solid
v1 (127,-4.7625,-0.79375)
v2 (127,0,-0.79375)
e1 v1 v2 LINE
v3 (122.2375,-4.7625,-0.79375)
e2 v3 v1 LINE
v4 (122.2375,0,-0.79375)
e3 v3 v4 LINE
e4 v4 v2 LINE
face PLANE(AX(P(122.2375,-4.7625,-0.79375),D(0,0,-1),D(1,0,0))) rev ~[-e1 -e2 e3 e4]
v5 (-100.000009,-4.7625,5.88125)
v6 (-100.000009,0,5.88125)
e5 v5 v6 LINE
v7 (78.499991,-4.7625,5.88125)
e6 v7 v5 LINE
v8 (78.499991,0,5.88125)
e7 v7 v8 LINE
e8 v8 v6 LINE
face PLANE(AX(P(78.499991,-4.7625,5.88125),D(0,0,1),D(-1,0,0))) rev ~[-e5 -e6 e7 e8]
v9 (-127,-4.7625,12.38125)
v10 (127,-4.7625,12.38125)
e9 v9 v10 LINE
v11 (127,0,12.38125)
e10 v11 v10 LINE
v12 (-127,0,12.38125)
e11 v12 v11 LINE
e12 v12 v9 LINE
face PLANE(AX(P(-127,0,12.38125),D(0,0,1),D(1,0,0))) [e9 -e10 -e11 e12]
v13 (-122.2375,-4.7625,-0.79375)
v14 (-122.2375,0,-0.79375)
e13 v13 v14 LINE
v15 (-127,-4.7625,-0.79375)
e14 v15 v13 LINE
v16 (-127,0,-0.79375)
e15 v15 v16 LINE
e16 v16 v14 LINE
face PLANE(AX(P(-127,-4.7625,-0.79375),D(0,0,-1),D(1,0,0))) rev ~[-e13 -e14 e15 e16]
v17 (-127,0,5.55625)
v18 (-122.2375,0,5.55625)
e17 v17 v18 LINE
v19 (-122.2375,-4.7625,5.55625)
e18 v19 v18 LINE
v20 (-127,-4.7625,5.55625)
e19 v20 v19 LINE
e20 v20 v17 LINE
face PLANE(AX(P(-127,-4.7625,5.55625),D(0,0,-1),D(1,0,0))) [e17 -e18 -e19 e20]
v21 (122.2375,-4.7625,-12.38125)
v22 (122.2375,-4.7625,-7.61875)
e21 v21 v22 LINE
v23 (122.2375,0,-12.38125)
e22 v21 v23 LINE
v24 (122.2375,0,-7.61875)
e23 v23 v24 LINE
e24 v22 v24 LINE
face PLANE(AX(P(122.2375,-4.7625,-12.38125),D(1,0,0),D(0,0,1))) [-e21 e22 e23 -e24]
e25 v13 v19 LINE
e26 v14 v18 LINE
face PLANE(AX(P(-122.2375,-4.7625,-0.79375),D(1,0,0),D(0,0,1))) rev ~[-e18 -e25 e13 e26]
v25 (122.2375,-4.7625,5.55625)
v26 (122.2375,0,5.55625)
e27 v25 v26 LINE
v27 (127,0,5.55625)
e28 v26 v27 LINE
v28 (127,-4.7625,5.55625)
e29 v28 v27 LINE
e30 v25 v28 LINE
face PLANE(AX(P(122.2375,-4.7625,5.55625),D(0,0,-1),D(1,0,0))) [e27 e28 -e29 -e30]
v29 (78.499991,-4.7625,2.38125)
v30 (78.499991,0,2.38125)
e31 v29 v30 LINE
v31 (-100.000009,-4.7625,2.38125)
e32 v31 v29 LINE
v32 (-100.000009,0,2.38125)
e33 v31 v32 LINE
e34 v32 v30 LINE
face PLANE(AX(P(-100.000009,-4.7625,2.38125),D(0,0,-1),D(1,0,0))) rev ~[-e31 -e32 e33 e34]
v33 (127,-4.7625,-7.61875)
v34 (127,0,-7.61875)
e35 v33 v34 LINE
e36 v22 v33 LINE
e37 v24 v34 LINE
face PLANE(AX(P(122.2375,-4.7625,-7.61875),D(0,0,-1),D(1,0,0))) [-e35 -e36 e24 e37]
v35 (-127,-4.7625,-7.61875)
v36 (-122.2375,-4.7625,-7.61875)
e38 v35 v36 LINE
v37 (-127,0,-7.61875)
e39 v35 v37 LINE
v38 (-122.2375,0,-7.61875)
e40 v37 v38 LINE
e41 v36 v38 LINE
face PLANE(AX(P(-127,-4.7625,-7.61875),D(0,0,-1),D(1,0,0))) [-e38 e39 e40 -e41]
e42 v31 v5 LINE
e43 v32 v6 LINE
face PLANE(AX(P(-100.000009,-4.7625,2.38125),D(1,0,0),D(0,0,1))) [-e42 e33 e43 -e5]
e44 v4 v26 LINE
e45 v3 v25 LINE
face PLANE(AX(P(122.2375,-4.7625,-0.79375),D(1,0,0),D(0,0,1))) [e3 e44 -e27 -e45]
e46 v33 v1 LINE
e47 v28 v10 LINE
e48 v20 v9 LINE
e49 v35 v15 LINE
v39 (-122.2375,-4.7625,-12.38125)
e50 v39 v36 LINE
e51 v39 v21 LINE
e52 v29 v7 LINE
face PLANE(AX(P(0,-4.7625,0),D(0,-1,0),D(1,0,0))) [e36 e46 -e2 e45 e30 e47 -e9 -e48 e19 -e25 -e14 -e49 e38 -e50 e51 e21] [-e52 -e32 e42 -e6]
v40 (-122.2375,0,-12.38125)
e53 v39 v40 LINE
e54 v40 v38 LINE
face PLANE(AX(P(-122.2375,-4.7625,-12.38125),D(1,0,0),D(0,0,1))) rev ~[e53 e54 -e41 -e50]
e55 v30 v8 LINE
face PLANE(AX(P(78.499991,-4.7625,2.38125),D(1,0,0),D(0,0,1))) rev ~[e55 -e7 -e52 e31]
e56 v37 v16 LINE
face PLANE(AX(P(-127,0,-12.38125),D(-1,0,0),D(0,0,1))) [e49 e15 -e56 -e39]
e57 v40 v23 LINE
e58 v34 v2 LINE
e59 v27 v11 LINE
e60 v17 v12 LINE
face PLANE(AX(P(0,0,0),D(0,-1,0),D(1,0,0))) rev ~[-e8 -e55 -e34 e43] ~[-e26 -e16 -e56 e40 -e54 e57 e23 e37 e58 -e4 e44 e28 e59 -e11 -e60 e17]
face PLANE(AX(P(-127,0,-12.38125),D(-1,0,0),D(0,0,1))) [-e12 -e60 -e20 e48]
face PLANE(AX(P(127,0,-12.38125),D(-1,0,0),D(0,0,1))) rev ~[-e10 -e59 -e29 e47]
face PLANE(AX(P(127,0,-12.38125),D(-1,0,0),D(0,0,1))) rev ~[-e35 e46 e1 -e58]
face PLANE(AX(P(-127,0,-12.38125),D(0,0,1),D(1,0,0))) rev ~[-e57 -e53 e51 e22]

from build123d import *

# Parameters (mm, degrees)
F0_W     = 254
F0_H     = 24.7625
F1_DEPTH = 4.7625
F2_W     = 4.7625
F2_H     = 6.35
F3_DEPTH = 25.4
F4_W     = 4.7625
F4_H     = 4.7625
F5_DEPTH = 25.4
F6_W     = 5.5
F6_H     = 3.5
F6_W_2   = 2.5
F6_W_3   = 3
F7_DEPTH = 25.4


with BuildPart() as f1:
    # F0 (on Front) → F1 (new body)
    with BuildSketch(Plane.XZ):
        Rectangle(F0_W, F0_H)
    extrude(amount=F1_DEPTH)

    # F2 (on face) → F3 (cut)
    with BuildSketch(Plane.XZ.offset(4.7625)):
        with Locations((-124.61875, 2.38125)):
            Rectangle(F2_W, F2_H)
        with Locations((124.61875, 2.38125)):
            Rectangle(F2_W, F2_H)
    extrude(amount=-F3_DEPTH, mode=Mode.SUBTRACT)

    # F4 (on face) → F5 (cut)
    with BuildSketch(Plane.XZ.offset(4.7625)):
        with Locations((124.61875, -10)):
            Rectangle(F4_W, F4_H)
        with Locations((-124.61875, -10)):
            Rectangle(F4_W, F4_H)
    extrude(amount=-F5_DEPTH, mode=Mode.SUBTRACT)

    # F6 (on face) → F7 (cut)
    with BuildSketch(Plane.XZ.offset(4.7625)):
        with Locations((-97.250009, 4.13125)):
            Rectangle(F6_W, F6_H)
        with Locations((-93.250009, 4.13125)):
            Rectangle(F6_W_2, F6_H)
        with Locations((-90.500009, 4.13125)):
            Rectangle(F6_W_3, F6_H)
        with Locations((-87.750009, 4.13125)):
            Rectangle(F6_W_2, F6_H)
        with Locations((-85.000009, 4.13125)):
            Rectangle(F6_W_3, F6_H)
        with Locations((-82.250009, 4.13125)):
            Rectangle(F6_W_2, F6_H)
        with Locations((-79.500009, 4.13125)):
            Rectangle(F6_W_3, F6_H)
        with Locations((-76.750009, 4.13125)):
            Rectangle(F6_W_2, F6_H)
        with Locations((-74.000009, 4.13125)):
            Rectangle(F6_W_3, F6_H)
        with Locations((-71.250009, 4.13125)):
            Rectangle(F6_W_2, F6_H)
        with Locations((-68.500009, 4.13125)):
            Rectangle(F6_W_3, F6_H)
        with Locations((-65.750009, 4.13125)):
            Rectangle(F6_W_2, F6_H)
        with Locations((-63.000009, 4.13125)):
            Rectangle(F6_W_3, F6_H)
        with Locations((-60.250009, 4.13125)):
            Rectangle(F6_W_2, F6_H)
        with Locations((-57.500009, 4.13125)):
            Rectangle(F6_W_3, F6_H)
        with Locations((-54.750009, 4.13125)):
            Rectangle(F6_W_2, F6_H)
        with Locations((-52.000009, 4.13125)):
            Rectangle(F6_W_3, F6_H)
        with Locations((-49.250009, 4.13125)):
            Rectangle(F6_W_2, F6_H)
        with Locations((-46.500009, 4.13125)):
            Rectangle(F6_W_3, F6_H)
        with Locations((-43.750009, 4.13125)):
            Rectangle(F6_W_2, F6_H)
        with Locations((-41.000009, 4.13125)):
            Rectangle(F6_W_3, F6_H)
        with Locations((-38.250009, 4.13125)):
            Rectangle(F6_W_2, F6_H)
        with Locations((-35.500009, 4.13125)):
            Rectangle(F6_W_3, F6_H)
        with Locations((-32.750009, 4.13125)):
            Rectangle(F6_W_2, F6_H)
        with Locations((-30.000009, 4.13125)):
            Rectangle(F6_W_3, F6_H)
        with Locations((-27.250009, 4.13125)):
            Rectangle(F6_W_2, F6_H)
        with Locations((-24.500009, 4.13125)):
            Rectangle(F6_W_3, F6_H)
        with Locations((-21.750009, 4.13125)):
            Rectangle(F6_W_2, F6_H)
        with Locations((-19.000009, 4.13125)):
            Rectangle(F6_W_3, F6_H)
        with Locations((-16.250009, 4.13125)):
            Rectangle(F6_W_2, F6_H)
        with Locations((-13.500009, 4.13125)):
            Rectangle(F6_W_3, F6_H)
        with Locations((-10.750009, 4.13125)):
            Rectangle(F6_W_2, F6_H)
        with Locations((-8.000009, 4.13125)):
            Rectangle(F6_W_3, F6_H)
        with Locations((-5.250009, 4.13125)):
            Rectangle(F6_W_2, F6_H)
        with Locations((-2.500009, 4.13125)):
            Rectangle(F6_W_3, F6_H)
        with Locations((0.249991, 4.13125)):
            Rectangle(F6_W_2, F6_H)
        with Locations((2.999991, 4.13125)):
            Rectangle(F6_W_3, F6_H)
        with Locations((5.749991, 4.13125)):
            Rectangle(F6_W_2, F6_H)
        with Locations((8.499991, 4.13125)):
            Rectangle(F6_W_3, F6_H)
        with Locations((11.249991, 4.13125)):
            Rectangle(F6_W_2, F6_H)
        with Locations((13.999991, 4.13125)):
            Rectangle(F6_W_3, F6_H)
        with Locations((16.749991, 4.13125)):
            Rectangle(F6_W_2, F6_H)
        with Locations((19.499991, 4.13125)):
            Rectangle(F6_W_3, F6_H)
        with Locations((22.249991, 4.13125)):
            Rectangle(F6_W_2, F6_H)
        with Locations((24.999991, 4.13125)):
            Rectangle(F6_W_3, F6_H)
        with Locations((27.749991, 4.13125)):
            Rectangle(F6_W_2, F6_H)
        with Locations((30.499991, 4.13125)):
            Rectangle(F6_W_3, F6_H)
        with Locations((33.249991, 4.13125)):
            Rectangle(F6_W_2, F6_H)
        with Locations((35.999991, 4.13125)):
            Rectangle(F6_W_3, F6_H)
        with Locations((38.749991, 4.13125)):
            Rectangle(F6_W_2, F6_H)
        with Locations((41.499991, 4.13125)):
            Rectangle(F6_W_3, F6_H)
        with Locations((44.249991, 4.13125)):
            Rectangle(F6_W_2, F6_H)
        with Locations((46.999991, 4.13125)):
            Rectangle(F6_W_3, F6_H)
        with Locations((49.749991, 4.13125)):
            Rectangle(F6_W_2, F6_H)
        with Locations((52.499991, 4.13125)):
            Rectangle(F6_W_3, F6_H)
        with Locations((55.249991, 4.13125)):
            Rectangle(F6_W_2, F6_H)
        with Locations((57.999991, 4.13125)):
            Rectangle(F6_W_3, F6_H)
        with Locations((60.749991, 4.13125)):
            Rectangle(F6_W_2, F6_H)
        with Locations((63.499991, 4.13125)):
            Rectangle(F6_W_3, F6_H)
        with Locations((66.249991, 4.13125)):
            Rectangle(F6_W_2, F6_H)
        with Locations((68.999991, 4.13125)):
            Rectangle(F6_W_3, F6_H)
        with Locations((71.749991, 4.13125)):
            Rectangle(F6_W_2, F6_H)
        with Locations((75.749991, 4.13125)):
            Rectangle(F6_W, F6_H)
    extrude(amount=-F7_DEPTH, mode=Mode.SUBTRACT)


solid = f1.part
